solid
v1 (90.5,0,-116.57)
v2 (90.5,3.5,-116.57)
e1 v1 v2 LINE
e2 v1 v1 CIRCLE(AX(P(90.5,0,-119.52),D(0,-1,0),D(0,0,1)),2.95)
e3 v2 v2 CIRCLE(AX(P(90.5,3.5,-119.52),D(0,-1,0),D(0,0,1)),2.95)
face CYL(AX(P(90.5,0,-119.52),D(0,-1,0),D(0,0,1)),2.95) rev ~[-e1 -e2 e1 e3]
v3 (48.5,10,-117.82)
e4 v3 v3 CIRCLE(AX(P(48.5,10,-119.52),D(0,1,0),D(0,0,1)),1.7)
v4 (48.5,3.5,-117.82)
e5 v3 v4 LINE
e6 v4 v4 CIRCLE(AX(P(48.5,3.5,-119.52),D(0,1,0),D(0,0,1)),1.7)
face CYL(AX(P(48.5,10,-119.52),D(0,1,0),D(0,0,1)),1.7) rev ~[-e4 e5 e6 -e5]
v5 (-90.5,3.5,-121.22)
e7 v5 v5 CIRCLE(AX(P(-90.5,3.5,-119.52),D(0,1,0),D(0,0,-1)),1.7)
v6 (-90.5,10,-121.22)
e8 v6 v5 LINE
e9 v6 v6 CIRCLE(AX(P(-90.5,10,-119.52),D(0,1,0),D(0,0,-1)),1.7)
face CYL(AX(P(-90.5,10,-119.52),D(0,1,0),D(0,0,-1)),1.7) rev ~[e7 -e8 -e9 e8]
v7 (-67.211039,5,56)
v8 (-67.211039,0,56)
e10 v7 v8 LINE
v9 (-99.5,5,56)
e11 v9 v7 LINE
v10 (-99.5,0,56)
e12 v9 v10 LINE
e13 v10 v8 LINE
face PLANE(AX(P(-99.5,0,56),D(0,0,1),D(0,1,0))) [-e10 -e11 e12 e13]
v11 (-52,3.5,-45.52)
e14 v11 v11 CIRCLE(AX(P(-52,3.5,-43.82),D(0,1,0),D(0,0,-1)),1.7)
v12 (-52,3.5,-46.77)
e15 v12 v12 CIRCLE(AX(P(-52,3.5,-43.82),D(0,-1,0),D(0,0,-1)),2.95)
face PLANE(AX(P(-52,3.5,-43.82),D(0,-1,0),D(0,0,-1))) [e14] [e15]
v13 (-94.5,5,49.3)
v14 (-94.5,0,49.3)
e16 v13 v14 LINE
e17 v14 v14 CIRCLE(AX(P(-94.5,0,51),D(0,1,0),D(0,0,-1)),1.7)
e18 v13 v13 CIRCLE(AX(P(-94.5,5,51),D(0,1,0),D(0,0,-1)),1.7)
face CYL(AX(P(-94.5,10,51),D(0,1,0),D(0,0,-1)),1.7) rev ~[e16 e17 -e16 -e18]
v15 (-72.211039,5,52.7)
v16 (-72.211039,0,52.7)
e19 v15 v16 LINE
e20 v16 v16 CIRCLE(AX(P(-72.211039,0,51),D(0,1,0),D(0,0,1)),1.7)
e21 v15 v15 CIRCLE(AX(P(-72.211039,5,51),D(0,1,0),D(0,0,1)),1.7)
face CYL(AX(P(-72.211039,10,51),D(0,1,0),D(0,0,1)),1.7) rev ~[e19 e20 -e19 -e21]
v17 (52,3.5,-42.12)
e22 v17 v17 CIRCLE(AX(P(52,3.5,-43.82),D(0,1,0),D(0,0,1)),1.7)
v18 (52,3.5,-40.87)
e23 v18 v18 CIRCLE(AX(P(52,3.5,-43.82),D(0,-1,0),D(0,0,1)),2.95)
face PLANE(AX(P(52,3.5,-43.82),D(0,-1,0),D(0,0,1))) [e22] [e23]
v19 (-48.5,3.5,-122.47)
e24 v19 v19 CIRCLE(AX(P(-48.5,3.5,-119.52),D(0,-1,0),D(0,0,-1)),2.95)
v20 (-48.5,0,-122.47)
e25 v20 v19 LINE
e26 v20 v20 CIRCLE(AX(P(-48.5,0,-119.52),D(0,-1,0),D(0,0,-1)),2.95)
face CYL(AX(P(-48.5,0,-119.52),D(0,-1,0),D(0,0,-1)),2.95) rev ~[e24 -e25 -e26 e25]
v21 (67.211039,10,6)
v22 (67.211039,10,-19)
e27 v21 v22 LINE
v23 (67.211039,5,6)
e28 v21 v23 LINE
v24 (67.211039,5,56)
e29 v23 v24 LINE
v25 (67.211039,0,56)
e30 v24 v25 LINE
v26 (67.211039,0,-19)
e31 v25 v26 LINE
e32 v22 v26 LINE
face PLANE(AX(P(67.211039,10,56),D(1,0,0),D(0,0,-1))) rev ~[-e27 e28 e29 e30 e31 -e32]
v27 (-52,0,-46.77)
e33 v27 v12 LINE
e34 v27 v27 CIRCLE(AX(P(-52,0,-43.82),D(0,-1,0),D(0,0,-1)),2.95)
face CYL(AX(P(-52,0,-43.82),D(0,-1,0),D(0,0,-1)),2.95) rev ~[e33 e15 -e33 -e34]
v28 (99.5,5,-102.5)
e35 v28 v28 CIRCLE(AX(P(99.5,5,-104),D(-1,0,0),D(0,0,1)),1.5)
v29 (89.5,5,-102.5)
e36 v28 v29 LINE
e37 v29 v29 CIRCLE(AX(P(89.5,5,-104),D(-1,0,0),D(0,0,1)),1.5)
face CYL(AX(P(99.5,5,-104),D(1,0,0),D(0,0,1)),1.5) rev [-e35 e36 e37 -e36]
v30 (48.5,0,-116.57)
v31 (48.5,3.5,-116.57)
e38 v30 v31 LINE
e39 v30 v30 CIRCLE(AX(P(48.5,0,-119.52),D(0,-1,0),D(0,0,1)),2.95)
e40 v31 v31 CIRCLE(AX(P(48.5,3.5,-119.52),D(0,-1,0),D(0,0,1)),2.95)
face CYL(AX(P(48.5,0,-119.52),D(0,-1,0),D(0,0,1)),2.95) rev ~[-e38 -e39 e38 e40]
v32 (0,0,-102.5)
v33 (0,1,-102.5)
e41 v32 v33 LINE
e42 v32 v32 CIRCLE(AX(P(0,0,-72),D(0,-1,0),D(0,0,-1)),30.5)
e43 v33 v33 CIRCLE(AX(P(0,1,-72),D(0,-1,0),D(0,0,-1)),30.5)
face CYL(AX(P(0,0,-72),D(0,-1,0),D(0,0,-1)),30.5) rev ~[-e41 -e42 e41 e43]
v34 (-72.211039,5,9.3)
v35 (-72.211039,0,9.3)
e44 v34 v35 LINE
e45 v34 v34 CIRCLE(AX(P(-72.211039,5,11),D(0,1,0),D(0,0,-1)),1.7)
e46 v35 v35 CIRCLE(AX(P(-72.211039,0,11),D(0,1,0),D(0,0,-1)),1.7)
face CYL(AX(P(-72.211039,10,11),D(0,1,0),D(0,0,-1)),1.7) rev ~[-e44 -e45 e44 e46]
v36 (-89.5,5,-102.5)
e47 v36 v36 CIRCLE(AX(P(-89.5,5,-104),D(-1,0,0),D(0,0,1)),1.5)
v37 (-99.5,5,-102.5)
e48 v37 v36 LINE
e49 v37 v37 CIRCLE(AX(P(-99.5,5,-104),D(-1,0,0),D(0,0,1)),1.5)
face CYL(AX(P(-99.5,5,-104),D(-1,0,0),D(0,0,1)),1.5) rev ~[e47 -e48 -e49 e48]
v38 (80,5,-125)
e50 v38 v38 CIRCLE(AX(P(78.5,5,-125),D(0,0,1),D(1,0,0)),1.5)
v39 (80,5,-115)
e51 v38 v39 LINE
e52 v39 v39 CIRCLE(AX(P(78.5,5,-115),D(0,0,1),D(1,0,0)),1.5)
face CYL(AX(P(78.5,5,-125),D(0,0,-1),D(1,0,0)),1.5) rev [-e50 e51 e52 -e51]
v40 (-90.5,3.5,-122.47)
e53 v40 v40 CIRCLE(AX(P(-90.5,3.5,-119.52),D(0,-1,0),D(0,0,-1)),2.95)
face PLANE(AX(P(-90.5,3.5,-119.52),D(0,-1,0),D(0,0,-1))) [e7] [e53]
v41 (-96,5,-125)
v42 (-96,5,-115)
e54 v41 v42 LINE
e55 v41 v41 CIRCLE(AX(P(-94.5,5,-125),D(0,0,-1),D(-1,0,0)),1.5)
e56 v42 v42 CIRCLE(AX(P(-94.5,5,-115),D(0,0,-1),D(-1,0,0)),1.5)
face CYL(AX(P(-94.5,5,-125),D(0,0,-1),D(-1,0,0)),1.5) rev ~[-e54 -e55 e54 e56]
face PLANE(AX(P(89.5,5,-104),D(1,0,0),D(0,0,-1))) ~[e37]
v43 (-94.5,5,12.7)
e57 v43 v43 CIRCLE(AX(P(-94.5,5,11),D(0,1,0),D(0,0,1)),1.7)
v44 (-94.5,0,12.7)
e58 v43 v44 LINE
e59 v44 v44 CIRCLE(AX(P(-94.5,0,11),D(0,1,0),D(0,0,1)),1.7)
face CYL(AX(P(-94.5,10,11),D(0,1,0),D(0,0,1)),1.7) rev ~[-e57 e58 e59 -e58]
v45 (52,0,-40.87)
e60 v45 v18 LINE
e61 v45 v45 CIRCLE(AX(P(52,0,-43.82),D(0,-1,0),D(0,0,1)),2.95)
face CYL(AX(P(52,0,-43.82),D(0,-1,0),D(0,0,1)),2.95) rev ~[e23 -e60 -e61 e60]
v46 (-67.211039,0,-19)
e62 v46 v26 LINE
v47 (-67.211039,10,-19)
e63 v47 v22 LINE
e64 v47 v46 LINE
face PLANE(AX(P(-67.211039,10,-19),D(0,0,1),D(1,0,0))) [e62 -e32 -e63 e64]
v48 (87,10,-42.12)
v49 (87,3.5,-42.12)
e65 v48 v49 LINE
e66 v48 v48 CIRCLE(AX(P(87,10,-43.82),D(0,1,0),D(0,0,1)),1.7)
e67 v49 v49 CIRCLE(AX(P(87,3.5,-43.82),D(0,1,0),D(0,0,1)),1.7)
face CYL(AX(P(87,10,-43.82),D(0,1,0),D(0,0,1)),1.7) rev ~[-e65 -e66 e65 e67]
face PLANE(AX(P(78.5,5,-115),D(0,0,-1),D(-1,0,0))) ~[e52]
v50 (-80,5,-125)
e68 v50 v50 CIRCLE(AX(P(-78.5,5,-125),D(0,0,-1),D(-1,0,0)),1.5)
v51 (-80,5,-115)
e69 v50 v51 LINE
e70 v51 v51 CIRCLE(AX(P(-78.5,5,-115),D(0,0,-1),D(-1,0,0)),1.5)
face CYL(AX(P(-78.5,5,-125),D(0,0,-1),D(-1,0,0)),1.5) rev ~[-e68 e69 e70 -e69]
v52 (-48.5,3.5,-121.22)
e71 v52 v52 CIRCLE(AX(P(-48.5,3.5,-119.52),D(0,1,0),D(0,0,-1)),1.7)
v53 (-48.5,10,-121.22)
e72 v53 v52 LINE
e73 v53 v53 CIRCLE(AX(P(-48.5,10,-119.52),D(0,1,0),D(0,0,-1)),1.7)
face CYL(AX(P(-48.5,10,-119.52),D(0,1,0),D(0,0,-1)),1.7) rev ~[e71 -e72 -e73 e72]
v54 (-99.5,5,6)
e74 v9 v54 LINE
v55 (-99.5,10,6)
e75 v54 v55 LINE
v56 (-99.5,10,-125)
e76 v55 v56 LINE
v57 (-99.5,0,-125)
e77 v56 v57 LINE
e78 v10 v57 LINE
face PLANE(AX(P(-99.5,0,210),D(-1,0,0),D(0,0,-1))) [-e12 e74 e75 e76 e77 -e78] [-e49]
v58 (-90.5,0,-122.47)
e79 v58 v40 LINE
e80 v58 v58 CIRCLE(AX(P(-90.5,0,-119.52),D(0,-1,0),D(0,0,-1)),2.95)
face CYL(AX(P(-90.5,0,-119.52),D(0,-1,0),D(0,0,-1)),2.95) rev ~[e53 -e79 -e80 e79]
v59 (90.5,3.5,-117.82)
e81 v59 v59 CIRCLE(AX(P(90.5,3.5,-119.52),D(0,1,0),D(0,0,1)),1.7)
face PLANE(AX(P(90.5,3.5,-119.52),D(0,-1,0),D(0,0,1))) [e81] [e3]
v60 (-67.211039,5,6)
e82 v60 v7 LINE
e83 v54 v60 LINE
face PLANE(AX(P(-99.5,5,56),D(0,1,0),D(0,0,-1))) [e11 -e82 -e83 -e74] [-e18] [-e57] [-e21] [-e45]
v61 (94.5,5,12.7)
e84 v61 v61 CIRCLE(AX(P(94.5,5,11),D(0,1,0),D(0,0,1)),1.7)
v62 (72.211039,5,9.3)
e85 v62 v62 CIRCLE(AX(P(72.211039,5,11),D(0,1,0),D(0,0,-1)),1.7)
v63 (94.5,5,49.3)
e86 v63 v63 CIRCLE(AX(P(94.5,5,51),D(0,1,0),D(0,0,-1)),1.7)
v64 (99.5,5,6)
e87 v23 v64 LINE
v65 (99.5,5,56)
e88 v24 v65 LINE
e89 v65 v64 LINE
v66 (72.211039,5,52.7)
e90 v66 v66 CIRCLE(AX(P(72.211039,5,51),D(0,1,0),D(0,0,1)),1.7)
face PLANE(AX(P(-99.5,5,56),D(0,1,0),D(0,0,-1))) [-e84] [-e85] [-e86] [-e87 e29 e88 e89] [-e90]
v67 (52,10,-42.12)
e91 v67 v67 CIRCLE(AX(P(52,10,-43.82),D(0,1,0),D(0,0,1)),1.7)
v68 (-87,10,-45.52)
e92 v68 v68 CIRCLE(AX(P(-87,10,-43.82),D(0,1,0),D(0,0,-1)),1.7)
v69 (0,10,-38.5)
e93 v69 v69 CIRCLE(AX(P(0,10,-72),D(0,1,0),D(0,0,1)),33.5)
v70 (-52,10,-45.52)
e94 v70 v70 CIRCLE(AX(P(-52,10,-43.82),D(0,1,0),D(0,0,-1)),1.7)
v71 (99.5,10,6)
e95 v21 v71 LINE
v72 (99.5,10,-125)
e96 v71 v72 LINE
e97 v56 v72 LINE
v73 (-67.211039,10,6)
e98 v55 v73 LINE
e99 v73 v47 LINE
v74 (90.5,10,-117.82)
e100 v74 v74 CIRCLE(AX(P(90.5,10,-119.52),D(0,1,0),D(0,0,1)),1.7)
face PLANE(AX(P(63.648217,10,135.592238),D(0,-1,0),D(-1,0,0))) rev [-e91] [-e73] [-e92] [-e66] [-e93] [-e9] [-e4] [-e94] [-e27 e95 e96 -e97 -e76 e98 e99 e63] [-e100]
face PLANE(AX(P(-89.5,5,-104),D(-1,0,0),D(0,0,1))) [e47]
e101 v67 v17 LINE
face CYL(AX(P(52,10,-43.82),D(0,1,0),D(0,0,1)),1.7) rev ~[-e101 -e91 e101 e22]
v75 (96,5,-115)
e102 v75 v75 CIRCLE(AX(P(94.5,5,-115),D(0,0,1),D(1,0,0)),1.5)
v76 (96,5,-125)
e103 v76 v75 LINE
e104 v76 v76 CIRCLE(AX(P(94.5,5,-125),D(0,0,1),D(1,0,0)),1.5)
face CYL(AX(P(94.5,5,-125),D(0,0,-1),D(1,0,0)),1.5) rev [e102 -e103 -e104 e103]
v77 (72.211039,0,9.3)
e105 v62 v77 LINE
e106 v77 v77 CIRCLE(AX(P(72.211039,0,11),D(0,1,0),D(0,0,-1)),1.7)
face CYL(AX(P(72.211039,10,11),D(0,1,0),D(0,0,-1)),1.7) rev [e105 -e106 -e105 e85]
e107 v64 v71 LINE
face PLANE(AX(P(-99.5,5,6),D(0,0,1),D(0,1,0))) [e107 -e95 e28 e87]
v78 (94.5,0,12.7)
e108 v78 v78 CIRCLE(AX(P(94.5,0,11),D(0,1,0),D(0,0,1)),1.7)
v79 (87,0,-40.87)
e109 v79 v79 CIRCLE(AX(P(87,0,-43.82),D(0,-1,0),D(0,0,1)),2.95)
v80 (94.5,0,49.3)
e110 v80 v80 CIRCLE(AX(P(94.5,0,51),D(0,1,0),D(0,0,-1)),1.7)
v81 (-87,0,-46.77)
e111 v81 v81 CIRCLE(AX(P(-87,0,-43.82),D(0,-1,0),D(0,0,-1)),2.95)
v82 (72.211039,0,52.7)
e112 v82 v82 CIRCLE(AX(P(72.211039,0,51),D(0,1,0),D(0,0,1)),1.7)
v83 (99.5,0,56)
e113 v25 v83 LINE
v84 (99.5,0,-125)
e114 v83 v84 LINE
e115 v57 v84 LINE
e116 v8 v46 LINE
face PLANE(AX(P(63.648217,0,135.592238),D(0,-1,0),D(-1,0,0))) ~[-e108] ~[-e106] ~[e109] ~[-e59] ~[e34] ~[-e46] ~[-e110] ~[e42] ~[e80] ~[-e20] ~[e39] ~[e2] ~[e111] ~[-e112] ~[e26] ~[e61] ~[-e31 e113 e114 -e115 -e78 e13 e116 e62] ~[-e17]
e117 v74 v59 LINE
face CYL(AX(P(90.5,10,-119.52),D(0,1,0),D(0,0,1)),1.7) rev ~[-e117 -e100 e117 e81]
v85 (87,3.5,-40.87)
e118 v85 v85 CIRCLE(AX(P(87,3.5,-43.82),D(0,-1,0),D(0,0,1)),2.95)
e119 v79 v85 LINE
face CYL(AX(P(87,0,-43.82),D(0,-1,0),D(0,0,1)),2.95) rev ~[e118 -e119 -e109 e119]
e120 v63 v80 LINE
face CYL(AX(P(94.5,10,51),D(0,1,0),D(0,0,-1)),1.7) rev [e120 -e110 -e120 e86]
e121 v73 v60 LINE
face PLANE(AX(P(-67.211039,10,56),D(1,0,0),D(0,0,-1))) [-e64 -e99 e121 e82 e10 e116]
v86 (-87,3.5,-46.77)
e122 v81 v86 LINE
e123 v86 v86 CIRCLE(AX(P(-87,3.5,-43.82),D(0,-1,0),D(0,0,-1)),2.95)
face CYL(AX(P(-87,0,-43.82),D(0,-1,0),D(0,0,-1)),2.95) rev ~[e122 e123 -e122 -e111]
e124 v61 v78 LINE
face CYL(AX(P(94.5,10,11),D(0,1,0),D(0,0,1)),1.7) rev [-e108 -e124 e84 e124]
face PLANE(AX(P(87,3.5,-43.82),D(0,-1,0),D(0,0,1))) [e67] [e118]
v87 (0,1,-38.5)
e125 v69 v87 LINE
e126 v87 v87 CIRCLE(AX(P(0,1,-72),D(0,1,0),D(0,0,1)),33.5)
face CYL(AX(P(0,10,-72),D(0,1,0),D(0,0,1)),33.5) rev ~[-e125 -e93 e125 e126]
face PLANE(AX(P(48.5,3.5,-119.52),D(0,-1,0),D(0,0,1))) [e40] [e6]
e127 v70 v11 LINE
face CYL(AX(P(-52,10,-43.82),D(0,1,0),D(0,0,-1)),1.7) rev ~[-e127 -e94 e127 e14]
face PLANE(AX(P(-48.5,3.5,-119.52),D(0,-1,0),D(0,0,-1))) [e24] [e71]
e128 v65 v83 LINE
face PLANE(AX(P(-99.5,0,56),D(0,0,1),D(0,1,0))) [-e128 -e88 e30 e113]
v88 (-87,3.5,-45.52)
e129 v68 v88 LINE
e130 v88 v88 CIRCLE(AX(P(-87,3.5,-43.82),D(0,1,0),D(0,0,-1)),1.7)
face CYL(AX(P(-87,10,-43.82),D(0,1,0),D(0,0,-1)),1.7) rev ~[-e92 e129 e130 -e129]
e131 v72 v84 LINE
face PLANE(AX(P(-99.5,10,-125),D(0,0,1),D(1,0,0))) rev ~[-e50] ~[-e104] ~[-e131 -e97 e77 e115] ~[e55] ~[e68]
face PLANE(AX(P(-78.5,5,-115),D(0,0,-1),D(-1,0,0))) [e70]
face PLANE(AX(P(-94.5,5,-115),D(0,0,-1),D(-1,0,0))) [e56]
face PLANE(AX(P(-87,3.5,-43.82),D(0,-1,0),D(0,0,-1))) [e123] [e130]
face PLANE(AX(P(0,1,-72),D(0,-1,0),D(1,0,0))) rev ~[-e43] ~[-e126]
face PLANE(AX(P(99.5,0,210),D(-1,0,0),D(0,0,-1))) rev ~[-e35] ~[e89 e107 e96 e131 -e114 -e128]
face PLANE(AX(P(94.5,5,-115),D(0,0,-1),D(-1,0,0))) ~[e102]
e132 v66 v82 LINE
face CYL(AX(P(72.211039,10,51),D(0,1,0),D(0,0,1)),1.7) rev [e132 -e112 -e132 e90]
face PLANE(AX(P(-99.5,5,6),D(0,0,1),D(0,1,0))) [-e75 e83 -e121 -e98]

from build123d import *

# Parameters (mm, degrees)
SKIZZE1_W                        = 199
SKIZZE1_H                        = 420
AUFSATZ_LINEAR_AUSTRAGEN1_DEPTH  = 10
SKIZZE5_W                        = 199
SKIZZE5_H                        = 85
SCHNITT_LINEAR_AUSTRAGEN2_DEPTH  = 10
SKIZZE6_R                        = 1.7
SCHNITT_LINEAR_AUSTRAGEN3_DEPTH  = 233.594604409
SCHNITT_LINEAR_AUSTRAGEN4_DEPTH  = 4
SKIZZE16_W                       = 35
SKIZZE16_H                       = 7
SCHNITT_LINEAR_AUSTRAGEN10_DEPTH = 5
SCHNITT_LINEAR_AUSTRAGEN11_DEPTH = 35
SKIZZE20_R                       = 1.7
SCHNITT_LINEAR_AUSTRAGEN12_DEPTH = 233.594604409
SKIZZE21_W                       = 134.422077922
SKIZZE21_H                       = 75
SCHNITT_LINEAR_AUSTRAGEN13_DEPTH = 233.594604409
SCHNITT_LINEAR_AUSTRAGEN14_DEPTH = 233.594604409
AUFSATZ_LINEAR_AUSTRAGEN6_DEPTH  = 10
SKIZZE25_R                       = 1.7
SCHNITT_LINEAR_AUSTRAGEN15_DEPTH = 233.594604409
SCHNITT_LINEAR_AUSTRAGEN16_DEPTH = 290.484023739
SKIZZE27_R                       = 33.5
SCHNITT_LINEAR_AUSTRAGEN17_DEPTH = 161.078886803
SKIZZE28_R                       = 36.006256149
SKIZZE28_R_2                     = 30.5
AUFSATZ_LINEAR_AUSTRAGEN7_DEPTH  = 1
SKIZZE29_R                       = 1.5
SCHNITT_LINEAR_AUSTRAGEN18_DEPTH = 10
SKIZZE30_R                       = 1.5
SCHNITT_LINEAR_AUSTRAGEN19_DEPTH = 10
SKIZZE31_R                       = 2.95
SCHNITT_LINEAR_AUSTRAGEN20_DEPTH = 3.5


with BuildPart() as part:
    # Skizze1 → Aufsatz-Linear austragen1 (new body)
    with BuildSketch(Plane(origin=(0, 0, 0), x_dir=(1, 0, 0), z_dir=(0, 1, 0))):
        Rectangle(SKIZZE1_W, SKIZZE1_H)
    extrude(amount=AUFSATZ_LINEAR_AUSTRAGEN1_DEPTH)

    # Skizze5 → Schnitt-Linear austragen2 (cut)
    with BuildSketch(Plane(origin=(0, 10, 0), x_dir=(1, 0, 0), z_dir=(0, 1, 0))):
        Polygon((99.5, -210), (18, -210), (99.5, -56), align=None)
        Polygon((-18, -210), (-99.5, -56), (-99.5, -210), align=None)
        with Locations((0, 167.5)):
            Rectangle(SKIZZE5_W, SKIZZE5_H)
        Polygon((67.211038961, -56), (-67.211038961, -56), (-2.646103896, -178), (2.646103896, -178), align=None)
    extrude(amount=-SCHNITT_LINEAR_AUSTRAGEN2_DEPTH, mode=Mode.SUBTRACT)

    # Skizze6 → Schnitt-Linear austragen3 (cut, through all)
    with BuildSketch(Plane(origin=(0, 10, 0), x_dir=(1, 0, 0), z_dir=(0, 1, 0))):
        with Locations(Location((-11, -205, 0), (0, 0, 270))):
            Circle(SKIZZE6_R)
        with Locations(Location((-11, -188.18, 0), (0, 0, 90))):
            Circle(SKIZZE6_R)
        with Locations(Location((11, -205, 0), (0, 0, 90))):
            Circle(SKIZZE6_R)
        with Locations(Location((11, -188.18, 0), (0, 0, 270))):
            Circle(SKIZZE6_R)
    extrude(amount=-SCHNITT_LINEAR_AUSTRAGEN3_DEPTH, mode=Mode.SUBTRACT)

    # Skizze7 → Schnitt-Linear austragen4 (cut)
    with BuildSketch(Plane.XZ):
        Polygon((-11, 208.406366588), (-8.05, 206.703183294), (-8.05, 203.296816706), (-11, 201.593633412), (-13.95, 203.296816706), (-13.95, 206.703183294), align=None)
        Polygon((11, 208.406366588), (8.05, 206.703183294), (8.05, 203.296816706), (11, 201.593633412), (13.95, 203.296816706), (13.95, 206.703183294), align=None)
        Polygon((-8.05, 186.476816706), (-8.05, 189.883183294), (-11, 191.586366588), (-13.95, 189.883183294), (-13.95, 186.476816706), (-11, 184.773633412), align=None)
        Polygon((8.05, 186.476816706), (8.05, 189.883183294), (11, 191.586366588), (13.95, 189.883183294), (13.95, 186.476816706), (11, 184.773633412), align=None)
    extrude(amount=-SCHNITT_LINEAR_AUSTRAGEN4_DEPTH, mode=Mode.SUBTRACT)

    # Skizze16 → Schnitt-Linear austragen10 (cut)
    with BuildSketch(Plane.XZ):
        with Locations((0, 196.59)):
            Rectangle(SKIZZE16_W, SKIZZE16_H)
    extrude(amount=-SCHNITT_LINEAR_AUSTRAGEN10_DEPTH, mode=Mode.SUBTRACT)

    # Skizze17 → Schnitt-Linear austragen11 (cut)
    with BuildSketch(Plane.ZY.offset(-17.5)):
        Polygon((193.09, 5), (196.59, 8.5), (200.09, 5), align=None)
    extrude(amount=SCHNITT_LINEAR_AUSTRAGEN11_DEPTH, mode=Mode.SUBTRACT)

    # Skizze20 → Schnitt-Linear austragen12 (cut, through all)
    with BuildSketch(Plane(origin=(0, 10, 0), x_dir=(1, 0, 0), z_dir=(0, 1, 0))):
        with Locations(Location((90.5, 119.52, 0), (0, 0, 270))):
            Circle(SKIZZE20_R)
        with Locations(Location((48.5, 119.52, 0), (0, 0, 270))):
            Circle(SKIZZE20_R)
        with Locations(Location((-48.5, 119.52, 0), (0, 0, 90))):
            Circle(SKIZZE20_R)
        with Locations(Location((-90.5, 119.52, 0), (0, 0, 90))):
            Circle(SKIZZE20_R)
        with Locations(Location((87, 43.82, 0), (0, 0, 270))):
            Circle(SKIZZE20_R)
        with Locations(Location((52, 43.82, 0), (0, 0, 270))):
            Circle(SKIZZE20_R)
        with Locations(Location((-87, 43.82, 0), (0, 0, 90))):
            Circle(SKIZZE20_R)
        with Locations(Location((-52, 43.82, 0), (0, 0, 90))):
            Circle(SKIZZE20_R)
    extrude(amount=-SCHNITT_LINEAR_AUSTRAGEN12_DEPTH, mode=Mode.SUBTRACT)

    # Skizze21 → Schnitt-Linear austragen13 (cut, through all)
    with BuildSketch(Plane(origin=(0, 10, 0), x_dir=(1, 0, 0), z_dir=(0, 1, 0))):
        with Locations((0, -18.5)):
            Rectangle(SKIZZE21_W, SKIZZE21_H)
    extrude(amount=-SCHNITT_LINEAR_AUSTRAGEN13_DEPTH, mode=Mode.SUBTRACT)

    # Skizze22 → Schnitt-Linear austragen14 (cut, through all)
    with BuildSketch(Plane(origin=(0, 10, 0), x_dir=(1, 0, 0), z_dir=(0, 1, 0))):
        with BuildLine():
            Line((-67.211038961, -56), (-2.646103896, -178))
            ThreePointArc((-2.646103896, -178), (-52.825886854, -126.471631215), (-67.211038961, -56))
        make_face()
    schnitt_linear_austragen14 = extrude(amount=-SCHNITT_LINEAR_AUSTRAGEN14_DEPTH, mode=Mode.SUBTRACT)

    # Skizze23 → Aufsatz-Linear austragen6 (add)
    with BuildSketch(Plane(origin=(0, 10, 0), x_dir=(1, 0, 0), z_dir=(0, 1, 0))):
        with BuildLine():
            Line((-99.5, -56), (-18, -210))
            ThreePointArc((-18, -210), (-75.095260266, -141.650251374), (-99.5, -56))
        make_face()
    aufsatz_linear_austragen6 = extrude(amount=-AUFSATZ_LINEAR_AUSTRAGEN6_DEPTH)

    # Spiegeln2: Schnitt-Linear austragen14, Aufsatz-Linear austragen6 across plane
    add(schnitt_linear_austragen14.mirror(Plane(origin=(0, 0, 0), x_dir=(0, 0, 1), z_dir=(1, 0, 0))), mode=Mode.SUBTRACT)
    add(aufsatz_linear_austragen6.mirror(Plane(origin=(0, 0, 0), x_dir=(0, 0, 1), z_dir=(1, 0, 0))))

    # Skizze25 → Schnitt-Linear austragen15 (cut, through all)
    with BuildSketch(Plane(origin=(0, 10, 0), x_dir=(1, 0, 0), z_dir=(0, 1, 0))):
        with Locations(Location((-94.5, -11, 0), (0, 0, 270))):
            Circle(SKIZZE25_R)
        with Locations(Location((-72.211038961, -11, 0), (0, 0, 90))):
            Circle(SKIZZE25_R)
        with Locations(Location((-72.211038961, -51, 0), (0, 0, 270))):
            Circle(SKIZZE25_R)
        with Locations(Location((-94.5, -51, 0), (0, 0, 90))):
            Circle(SKIZZE25_R)
    schnitt_linear_austragen15 = extrude(amount=-SCHNITT_LINEAR_AUSTRAGEN15_DEPTH, mode=Mode.SUBTRACT)

    # Spiegeln3: Schnitt-Linear austragen15 across plane
    add(schnitt_linear_austragen15.mirror(Plane(origin=(0, 0, 0), x_dir=(0, 0, 1), z_dir=(1, 0, 0))), mode=Mode.SUBTRACT)

    # Skizze26 → Schnitt-Linear austragen16 (cut, through all)
    with BuildSketch(Plane.ZY.offset(99.5)):
        Polygon((6, 5), (6, 13.101486595), (200.684563047, 82.546277137), (242.997216492, -41.037631402), (91.241487897, -60.284782055), (56, 0), (56, 5), align=None)
    extrude(amount=-SCHNITT_LINEAR_AUSTRAGEN16_DEPTH, mode=Mode.SUBTRACT)

    # Skizze27 → Schnitt-Linear austragen17 (cut, through all)
    with BuildSketch(Plane(origin=(0, 10, 0), x_dir=(1, 0, 0), z_dir=(0, 1, 0))):
        with Locations(Location((0, 72, 0), (0, 0, 270))):
            Circle(SKIZZE27_R)
    extrude(amount=-SCHNITT_LINEAR_AUSTRAGEN17_DEPTH, mode=Mode.SUBTRACT)

    # Skizze28 → Aufsatz-Linear austragen7 (add)
    with BuildSketch(Plane.XZ):
        with Locations((0, -72)):
            Circle(SKIZZE28_R)
        with Locations(Location((0, -72, 0), (0, 0, 270))):
            Circle(SKIZZE28_R_2, mode=Mode.SUBTRACT)
    extrude(amount=-AUFSATZ_LINEAR_AUSTRAGEN7_DEPTH)

    # Skizze29 → Schnitt-Linear austragen18 (cut)
    with BuildSketch(Plane.ZY.offset(99.5)):
        with Locations((-104, 5)):
            Circle(SKIZZE29_R)
    schnitt_linear_austragen18 = extrude(amount=-SCHNITT_LINEAR_AUSTRAGEN18_DEPTH, mode=Mode.SUBTRACT)

    # Skizze30 → Schnitt-Linear austragen19 (cut)
    with BuildSketch(Plane(origin=(0, 0, -125), x_dir=(-1, 0, 0), z_dir=(0, 0, -1))):
        with Locations((94.5, 5)):
            Circle(SKIZZE30_R)
        with Locations((78.5, 5)):
            Circle(SKIZZE30_R)
    schnitt_linear_austragen19 = extrude(amount=-SCHNITT_LINEAR_AUSTRAGEN19_DEPTH, mode=Mode.SUBTRACT)

    # Spiegeln4: Schnitt-Linear austragen18, Schnitt-Linear austragen19 across plane
    add(schnitt_linear_austragen18.mirror(Plane(origin=(0, 0, 0), x_dir=(0, 0, 1), z_dir=(1, 0, 0))), mode=Mode.SUBTRACT)
    add(schnitt_linear_austragen19.mirror(Plane(origin=(0, 0, 0), x_dir=(0, 0, 1), z_dir=(1, 0, 0))), mode=Mode.SUBTRACT)

    # Skizze31 → Schnitt-Linear austragen20 (cut)
    with BuildSketch(Plane.XZ):
        with Locations(Location((-90.5, -119.52, 0), (0, 0, 270))):
            Circle(SKIZZE31_R)
        with Locations(Location((-48.5, -119.52, 0), (0, 0, 270))):
            Circle(SKIZZE31_R)
        with Locations(Location((-87, -43.82, 0), (0, 0, 270))):
            Circle(SKIZZE31_R)
        with Locations(Location((-52, -43.82, 0), (0, 0, 270))):
            Circle(SKIZZE31_R)
        with Locations(Location((52, -43.82, 0), (0, 0, 90))):
            Circle(SKIZZE31_R)
        with Locations(Location((87, -43.82, 0), (0, 0, 90))):
            Circle(SKIZZE31_R)
        with Locations(Location((48.5, -119.52, 0), (0, 0, 90))):
            Circle(SKIZZE31_R)
        with Locations(Location((90.5, -119.52, 0), (0, 0, 90))):
            Circle(SKIZZE31_R)
    extrude(amount=-SCHNITT_LINEAR_AUSTRAGEN20_DEPTH, mode=Mode.SUBTRACT)


solid = part.part
